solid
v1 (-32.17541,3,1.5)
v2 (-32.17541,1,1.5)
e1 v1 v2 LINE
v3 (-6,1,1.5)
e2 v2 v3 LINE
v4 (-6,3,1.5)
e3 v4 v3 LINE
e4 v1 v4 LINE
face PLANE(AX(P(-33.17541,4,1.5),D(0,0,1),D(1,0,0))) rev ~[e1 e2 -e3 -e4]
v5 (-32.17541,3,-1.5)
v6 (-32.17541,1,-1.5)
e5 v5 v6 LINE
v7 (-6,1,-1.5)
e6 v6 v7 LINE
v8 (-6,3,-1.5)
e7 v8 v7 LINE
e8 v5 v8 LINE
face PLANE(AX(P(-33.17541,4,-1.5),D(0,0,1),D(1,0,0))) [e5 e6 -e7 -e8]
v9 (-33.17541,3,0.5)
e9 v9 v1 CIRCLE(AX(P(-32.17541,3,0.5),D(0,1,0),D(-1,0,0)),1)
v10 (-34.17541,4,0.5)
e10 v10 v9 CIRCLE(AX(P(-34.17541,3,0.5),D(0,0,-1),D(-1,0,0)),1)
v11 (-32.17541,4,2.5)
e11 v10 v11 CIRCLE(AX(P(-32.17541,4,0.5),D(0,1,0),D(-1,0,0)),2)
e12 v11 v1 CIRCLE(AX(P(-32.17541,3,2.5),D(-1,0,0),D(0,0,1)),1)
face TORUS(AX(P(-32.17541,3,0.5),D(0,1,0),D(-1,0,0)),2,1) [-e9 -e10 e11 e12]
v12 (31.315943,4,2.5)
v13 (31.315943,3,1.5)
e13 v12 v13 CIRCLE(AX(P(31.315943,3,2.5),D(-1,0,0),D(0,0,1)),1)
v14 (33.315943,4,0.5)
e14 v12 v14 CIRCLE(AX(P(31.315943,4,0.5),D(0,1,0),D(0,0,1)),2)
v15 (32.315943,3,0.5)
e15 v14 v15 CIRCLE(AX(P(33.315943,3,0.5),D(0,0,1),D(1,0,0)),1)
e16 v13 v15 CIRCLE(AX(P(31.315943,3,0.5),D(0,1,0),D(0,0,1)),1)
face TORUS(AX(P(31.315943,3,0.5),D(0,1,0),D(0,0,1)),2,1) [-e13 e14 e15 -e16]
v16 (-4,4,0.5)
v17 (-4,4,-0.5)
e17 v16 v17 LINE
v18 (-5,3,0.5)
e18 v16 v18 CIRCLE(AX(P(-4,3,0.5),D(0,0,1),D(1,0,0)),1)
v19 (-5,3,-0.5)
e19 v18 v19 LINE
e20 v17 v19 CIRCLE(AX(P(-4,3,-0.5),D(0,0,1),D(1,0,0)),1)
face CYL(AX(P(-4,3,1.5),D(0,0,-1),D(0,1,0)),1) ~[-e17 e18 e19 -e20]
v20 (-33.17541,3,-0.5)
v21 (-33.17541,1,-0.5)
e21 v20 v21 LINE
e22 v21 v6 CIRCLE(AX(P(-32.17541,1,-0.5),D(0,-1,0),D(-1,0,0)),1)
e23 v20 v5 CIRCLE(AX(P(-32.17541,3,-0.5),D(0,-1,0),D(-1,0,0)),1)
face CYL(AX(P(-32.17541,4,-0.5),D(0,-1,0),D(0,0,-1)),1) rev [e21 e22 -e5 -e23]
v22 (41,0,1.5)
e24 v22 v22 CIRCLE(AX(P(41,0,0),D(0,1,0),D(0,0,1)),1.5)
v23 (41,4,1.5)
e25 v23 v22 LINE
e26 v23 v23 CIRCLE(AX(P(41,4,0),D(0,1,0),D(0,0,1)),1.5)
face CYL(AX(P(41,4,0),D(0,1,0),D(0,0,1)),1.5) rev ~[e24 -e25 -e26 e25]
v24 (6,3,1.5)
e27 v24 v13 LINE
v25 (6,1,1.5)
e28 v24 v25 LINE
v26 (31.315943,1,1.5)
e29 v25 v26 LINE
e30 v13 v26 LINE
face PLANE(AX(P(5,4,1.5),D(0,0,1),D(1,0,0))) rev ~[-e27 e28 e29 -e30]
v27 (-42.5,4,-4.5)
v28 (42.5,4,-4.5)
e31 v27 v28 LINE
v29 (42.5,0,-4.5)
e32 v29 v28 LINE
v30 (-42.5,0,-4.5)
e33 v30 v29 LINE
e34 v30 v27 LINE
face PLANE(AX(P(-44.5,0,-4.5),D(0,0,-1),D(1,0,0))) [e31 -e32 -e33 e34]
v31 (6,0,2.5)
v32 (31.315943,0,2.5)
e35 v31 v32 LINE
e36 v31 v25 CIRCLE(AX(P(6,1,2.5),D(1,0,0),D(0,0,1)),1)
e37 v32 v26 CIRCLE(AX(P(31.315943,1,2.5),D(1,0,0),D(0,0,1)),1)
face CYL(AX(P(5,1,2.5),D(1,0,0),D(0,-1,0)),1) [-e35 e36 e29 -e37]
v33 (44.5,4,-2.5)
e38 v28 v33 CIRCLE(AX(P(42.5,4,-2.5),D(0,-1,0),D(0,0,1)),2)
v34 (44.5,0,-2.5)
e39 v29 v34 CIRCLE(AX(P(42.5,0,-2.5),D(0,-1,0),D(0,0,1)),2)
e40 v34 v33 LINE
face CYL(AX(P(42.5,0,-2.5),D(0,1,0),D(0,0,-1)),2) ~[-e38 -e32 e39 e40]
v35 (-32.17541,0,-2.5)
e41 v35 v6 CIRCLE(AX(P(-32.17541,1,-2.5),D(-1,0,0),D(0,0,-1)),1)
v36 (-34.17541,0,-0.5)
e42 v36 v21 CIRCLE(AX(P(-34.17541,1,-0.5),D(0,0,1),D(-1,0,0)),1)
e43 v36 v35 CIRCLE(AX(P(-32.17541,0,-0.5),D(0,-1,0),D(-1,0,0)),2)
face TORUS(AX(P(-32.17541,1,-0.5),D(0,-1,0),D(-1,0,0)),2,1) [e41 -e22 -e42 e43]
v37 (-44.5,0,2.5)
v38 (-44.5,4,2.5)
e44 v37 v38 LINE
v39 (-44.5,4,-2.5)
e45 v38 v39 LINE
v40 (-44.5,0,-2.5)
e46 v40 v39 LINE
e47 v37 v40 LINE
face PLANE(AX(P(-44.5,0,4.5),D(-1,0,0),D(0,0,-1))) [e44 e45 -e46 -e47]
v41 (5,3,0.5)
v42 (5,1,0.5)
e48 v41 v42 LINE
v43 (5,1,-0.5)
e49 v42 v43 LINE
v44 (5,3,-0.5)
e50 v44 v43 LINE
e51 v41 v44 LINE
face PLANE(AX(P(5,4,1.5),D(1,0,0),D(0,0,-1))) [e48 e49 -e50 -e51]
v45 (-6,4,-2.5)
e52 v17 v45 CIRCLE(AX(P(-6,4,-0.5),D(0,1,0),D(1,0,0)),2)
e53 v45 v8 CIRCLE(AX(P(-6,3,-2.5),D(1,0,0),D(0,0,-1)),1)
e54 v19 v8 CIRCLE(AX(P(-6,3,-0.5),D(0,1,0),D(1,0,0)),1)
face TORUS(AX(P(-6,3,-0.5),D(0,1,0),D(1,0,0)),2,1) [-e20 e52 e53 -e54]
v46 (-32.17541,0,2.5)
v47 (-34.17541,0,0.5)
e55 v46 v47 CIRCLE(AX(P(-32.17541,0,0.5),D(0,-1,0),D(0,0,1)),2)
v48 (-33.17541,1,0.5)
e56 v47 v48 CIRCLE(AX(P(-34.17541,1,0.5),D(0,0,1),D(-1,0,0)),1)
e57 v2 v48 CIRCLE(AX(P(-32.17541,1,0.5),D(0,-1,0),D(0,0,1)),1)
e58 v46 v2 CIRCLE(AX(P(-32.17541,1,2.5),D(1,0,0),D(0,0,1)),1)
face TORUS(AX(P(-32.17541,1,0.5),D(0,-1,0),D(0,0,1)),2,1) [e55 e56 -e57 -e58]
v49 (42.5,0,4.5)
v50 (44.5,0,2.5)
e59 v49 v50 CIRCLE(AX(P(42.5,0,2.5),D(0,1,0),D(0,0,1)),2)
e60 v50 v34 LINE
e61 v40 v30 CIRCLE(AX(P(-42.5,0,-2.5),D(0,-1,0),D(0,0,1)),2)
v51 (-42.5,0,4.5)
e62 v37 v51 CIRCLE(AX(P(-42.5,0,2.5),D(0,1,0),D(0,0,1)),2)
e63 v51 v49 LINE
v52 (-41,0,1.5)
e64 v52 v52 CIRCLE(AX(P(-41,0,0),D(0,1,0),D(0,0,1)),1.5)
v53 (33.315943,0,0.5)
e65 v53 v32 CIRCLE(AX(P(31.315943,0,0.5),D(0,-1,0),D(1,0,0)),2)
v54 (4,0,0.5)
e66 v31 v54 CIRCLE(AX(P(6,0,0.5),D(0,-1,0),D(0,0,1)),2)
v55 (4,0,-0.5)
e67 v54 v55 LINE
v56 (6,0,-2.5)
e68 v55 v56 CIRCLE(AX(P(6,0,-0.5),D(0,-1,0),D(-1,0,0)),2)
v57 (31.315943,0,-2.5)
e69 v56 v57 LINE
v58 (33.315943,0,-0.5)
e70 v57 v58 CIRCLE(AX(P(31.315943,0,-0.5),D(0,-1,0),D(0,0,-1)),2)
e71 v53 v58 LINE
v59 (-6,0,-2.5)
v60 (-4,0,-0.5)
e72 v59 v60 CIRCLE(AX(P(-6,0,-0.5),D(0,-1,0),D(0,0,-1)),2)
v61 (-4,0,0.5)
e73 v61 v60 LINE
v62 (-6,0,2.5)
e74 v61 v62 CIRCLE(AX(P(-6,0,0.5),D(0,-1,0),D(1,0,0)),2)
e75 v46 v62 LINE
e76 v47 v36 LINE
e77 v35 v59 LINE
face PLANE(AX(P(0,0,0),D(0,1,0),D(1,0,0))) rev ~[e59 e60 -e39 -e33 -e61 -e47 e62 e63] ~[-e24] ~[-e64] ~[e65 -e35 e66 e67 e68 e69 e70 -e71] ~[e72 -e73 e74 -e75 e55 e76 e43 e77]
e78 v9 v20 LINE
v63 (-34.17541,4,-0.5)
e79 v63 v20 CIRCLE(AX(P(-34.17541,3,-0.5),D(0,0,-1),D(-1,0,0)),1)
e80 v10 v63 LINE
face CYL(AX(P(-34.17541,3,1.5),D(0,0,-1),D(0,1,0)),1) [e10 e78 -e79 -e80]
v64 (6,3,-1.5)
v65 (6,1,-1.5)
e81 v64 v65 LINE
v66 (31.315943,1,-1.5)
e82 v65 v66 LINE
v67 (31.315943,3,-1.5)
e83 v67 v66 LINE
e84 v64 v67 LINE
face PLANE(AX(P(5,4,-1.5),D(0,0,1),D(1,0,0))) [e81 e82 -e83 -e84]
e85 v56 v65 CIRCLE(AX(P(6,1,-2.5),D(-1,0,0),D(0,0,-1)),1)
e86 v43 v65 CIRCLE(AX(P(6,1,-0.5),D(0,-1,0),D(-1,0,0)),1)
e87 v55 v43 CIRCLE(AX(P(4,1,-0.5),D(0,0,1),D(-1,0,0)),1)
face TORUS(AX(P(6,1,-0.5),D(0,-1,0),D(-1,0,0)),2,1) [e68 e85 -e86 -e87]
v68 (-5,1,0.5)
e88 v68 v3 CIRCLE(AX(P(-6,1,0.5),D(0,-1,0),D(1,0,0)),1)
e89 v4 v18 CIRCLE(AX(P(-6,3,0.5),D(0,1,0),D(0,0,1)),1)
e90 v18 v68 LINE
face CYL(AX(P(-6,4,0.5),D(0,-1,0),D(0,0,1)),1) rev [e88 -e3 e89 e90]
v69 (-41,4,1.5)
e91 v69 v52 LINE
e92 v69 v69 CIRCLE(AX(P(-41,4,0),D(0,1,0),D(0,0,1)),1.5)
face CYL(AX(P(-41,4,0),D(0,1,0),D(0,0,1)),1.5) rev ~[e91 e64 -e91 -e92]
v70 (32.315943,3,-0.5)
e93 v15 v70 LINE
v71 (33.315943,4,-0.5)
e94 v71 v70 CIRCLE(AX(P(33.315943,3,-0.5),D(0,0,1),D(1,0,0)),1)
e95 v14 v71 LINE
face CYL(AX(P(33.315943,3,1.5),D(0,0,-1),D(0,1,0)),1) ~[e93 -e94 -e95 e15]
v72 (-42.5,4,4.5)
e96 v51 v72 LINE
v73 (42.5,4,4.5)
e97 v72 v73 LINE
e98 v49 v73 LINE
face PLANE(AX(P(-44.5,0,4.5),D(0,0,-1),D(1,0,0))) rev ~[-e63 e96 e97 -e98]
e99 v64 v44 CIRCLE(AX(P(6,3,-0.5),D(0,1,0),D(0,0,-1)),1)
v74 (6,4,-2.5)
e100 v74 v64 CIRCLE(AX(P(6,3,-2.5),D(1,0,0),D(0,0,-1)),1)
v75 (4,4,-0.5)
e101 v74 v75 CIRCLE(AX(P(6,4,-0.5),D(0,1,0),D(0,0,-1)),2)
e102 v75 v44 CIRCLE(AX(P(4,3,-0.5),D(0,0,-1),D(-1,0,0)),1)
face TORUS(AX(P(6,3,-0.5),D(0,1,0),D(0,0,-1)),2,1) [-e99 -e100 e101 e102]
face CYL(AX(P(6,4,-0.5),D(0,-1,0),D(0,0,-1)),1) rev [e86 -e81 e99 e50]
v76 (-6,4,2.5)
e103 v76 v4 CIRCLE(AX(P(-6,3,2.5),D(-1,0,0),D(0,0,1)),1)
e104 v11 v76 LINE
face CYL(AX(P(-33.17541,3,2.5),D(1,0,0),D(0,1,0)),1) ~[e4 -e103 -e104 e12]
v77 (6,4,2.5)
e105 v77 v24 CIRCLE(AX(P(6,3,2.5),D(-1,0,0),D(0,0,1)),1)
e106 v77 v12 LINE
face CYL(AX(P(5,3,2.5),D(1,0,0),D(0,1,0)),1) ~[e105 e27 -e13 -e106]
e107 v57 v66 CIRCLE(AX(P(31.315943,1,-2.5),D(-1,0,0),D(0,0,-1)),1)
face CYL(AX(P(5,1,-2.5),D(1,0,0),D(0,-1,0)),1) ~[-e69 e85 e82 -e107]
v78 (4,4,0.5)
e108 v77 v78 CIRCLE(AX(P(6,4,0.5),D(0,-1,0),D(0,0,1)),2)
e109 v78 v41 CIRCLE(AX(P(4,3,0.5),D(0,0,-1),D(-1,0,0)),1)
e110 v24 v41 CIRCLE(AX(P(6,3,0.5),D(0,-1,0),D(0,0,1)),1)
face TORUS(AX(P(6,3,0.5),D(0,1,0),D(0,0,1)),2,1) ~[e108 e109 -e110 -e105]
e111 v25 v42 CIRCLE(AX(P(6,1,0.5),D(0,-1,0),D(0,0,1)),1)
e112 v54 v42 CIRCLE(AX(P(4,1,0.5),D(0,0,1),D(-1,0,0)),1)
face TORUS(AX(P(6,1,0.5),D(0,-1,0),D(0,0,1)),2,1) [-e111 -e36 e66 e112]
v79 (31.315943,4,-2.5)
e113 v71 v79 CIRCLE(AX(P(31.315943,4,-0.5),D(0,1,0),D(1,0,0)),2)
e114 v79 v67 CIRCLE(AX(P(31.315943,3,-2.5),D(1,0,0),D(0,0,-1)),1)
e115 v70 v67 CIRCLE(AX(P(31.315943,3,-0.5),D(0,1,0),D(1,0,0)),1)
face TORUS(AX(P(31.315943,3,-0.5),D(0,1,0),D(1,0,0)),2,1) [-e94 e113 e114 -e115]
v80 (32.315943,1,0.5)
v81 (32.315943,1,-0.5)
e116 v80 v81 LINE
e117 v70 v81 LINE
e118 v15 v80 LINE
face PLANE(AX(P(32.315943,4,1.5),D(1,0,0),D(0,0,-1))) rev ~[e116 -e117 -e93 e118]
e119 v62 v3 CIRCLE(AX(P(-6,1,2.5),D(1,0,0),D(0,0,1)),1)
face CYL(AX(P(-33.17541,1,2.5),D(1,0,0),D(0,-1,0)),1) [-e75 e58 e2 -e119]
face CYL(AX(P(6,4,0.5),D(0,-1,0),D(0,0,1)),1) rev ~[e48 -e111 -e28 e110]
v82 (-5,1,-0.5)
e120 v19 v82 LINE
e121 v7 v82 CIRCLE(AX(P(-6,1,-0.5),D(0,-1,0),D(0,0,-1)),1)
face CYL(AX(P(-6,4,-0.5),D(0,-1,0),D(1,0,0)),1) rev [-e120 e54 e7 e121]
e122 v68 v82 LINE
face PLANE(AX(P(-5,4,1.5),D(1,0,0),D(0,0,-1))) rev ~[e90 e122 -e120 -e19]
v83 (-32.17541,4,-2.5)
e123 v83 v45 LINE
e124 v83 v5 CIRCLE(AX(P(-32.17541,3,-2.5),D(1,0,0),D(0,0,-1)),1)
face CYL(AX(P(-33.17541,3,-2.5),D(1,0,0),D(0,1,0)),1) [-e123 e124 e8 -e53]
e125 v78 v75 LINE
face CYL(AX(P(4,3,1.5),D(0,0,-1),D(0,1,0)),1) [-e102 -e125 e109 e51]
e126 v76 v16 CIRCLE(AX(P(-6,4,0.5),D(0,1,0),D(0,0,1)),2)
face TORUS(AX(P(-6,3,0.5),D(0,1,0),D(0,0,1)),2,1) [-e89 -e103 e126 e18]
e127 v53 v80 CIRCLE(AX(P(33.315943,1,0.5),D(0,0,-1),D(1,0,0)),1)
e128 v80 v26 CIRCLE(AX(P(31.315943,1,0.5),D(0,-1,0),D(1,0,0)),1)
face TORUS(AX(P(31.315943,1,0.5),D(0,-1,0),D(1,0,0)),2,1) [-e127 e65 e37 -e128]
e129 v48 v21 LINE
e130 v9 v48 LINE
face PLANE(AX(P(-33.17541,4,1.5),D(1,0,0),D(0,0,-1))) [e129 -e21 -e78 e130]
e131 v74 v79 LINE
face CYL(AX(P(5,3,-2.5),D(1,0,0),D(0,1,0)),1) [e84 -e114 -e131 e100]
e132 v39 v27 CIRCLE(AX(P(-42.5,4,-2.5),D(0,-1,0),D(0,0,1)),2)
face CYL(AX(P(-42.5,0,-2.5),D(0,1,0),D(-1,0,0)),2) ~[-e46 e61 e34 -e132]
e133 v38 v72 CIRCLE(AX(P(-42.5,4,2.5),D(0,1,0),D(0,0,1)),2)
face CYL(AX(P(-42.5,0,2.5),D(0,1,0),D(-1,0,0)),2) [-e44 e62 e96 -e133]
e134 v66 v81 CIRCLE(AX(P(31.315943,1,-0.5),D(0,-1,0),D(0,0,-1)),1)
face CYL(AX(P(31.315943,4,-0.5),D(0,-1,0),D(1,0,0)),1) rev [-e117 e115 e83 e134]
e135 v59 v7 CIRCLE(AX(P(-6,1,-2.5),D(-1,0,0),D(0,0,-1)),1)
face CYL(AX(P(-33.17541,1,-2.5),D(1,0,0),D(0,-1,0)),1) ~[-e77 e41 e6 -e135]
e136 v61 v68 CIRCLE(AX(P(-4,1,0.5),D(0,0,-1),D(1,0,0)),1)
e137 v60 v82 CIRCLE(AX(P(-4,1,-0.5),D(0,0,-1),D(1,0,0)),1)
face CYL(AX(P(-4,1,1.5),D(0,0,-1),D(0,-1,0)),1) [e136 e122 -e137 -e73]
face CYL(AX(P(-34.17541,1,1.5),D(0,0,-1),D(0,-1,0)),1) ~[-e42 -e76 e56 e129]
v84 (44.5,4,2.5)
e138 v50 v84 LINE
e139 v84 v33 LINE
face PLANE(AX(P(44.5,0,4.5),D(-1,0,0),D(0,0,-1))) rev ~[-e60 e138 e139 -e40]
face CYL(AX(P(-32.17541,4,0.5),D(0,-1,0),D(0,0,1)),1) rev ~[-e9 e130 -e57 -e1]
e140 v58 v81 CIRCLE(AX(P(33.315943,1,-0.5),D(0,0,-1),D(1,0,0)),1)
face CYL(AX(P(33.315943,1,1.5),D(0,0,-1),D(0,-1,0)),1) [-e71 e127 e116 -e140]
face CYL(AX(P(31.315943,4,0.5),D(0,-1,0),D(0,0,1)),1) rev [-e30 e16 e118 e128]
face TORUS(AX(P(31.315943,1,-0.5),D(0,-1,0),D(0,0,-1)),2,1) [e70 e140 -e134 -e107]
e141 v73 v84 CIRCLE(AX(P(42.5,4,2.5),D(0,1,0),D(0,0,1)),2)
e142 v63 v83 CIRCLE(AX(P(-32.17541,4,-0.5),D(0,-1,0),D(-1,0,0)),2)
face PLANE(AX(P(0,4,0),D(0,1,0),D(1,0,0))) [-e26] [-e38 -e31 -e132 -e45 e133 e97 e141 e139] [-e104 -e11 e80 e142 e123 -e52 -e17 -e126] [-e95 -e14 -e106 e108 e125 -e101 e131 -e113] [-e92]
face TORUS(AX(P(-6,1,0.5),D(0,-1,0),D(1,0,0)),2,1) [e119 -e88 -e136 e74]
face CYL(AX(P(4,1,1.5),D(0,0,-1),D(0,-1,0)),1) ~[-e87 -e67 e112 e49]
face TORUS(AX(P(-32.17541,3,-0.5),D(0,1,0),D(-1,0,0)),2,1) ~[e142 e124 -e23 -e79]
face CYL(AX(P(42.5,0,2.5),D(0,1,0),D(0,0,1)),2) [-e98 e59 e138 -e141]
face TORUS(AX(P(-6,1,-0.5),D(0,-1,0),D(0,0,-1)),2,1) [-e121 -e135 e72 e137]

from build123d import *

# Parameters (mm, degrees)
SKETCH1_W           = 89
SKETCH1_H           = 9
BOSS_EXTRUDE1_DEPTH = 4
SKETCH2_R           = 1.5
CUT_EXTRUDE1_DEPTH  = 4
FILLET1_R           = 2
SKETCH4_W           = 28.175409777
SKETCH4_H           = 3
SKETCH4_W_2         = 27.315943202
CUT_EXTRUDE2_DEPTH  = 45.905456239
FILLET3_R           = 1


with BuildPart() as part:
    # Sketch1 → Boss-Extrude1 (new body)
    with BuildSketch(Plane(origin=(0, 0, 0), x_dir=(1, 0, 0), z_dir=(0, 1, 0))):
        Rectangle(SKETCH1_W, SKETCH1_H)
    extrude(amount=BOSS_EXTRUDE1_DEPTH)

    # Sketch2 → Cut-Extrude1 (cut)
    with BuildSketch(Plane(origin=(0, 4, 0), x_dir=(1, 0, 0), z_dir=(0, 1, 0))):
        with Locations(Location((-41, 0, 0), (0, 0, 270))):
            Circle(SKETCH2_R)
        with Locations(Location((41, 0, 0), (0, 0, 270))):
            Circle(SKETCH2_R)
    extrude(amount=-CUT_EXTRUDE1_DEPTH, mode=Mode.SUBTRACT)

    # Fillet1
    fillet1_edges = [part.edges().sort_by_distance(p)[0] for p in [
        (-44.5, 2, -4.5),
        (44.5, 2, -4.5),
        (44.5, 2, 4.5),
        (-44.5, 2, 4.5),
    ]]
    fillet(fillet1_edges, radius=FILLET1_R)

    # Sketch4 → Cut-Extrude2 (cut, through all)
    with BuildSketch(Plane(origin=(0, 4, 0), x_dir=(1, 0, 0), z_dir=(0, 1, 0))):
        with Locations((-19.087704888, 0)):
            Rectangle(SKETCH4_W, SKETCH4_H)
        with Locations((18.657971601, 0)):
            Rectangle(SKETCH4_W_2, SKETCH4_H)
    extrude(amount=-CUT_EXTRUDE2_DEPTH, mode=Mode.SUBTRACT)

    # Fillet3
    fillet3_edges = [part.edges().sort_by_distance(p)[0] for p in [
        (-33.175409777, 0, 0),
        (-33.175409777, 2, 1.5),
        (-19.087704888, 0, -1.5),
        (-33.175409777, 2, -1.5),
        (-5, 0, 0),
        (-5, 2, -1.5),
        (-19.087704888, 0, 1.5),
        (-5, 2, 1.5),
        (-33.175409777, 4, 0),
        (-19.087704888, 4, 1.5),
        (-5, 4, 0),
        (-19.087704888, 4, -1.5),
        (18.657971601, 0, 1.5),
        (32.315943202, 2, 1.5),
        (5, 0, 0),
        (5, 2, 1.5),
        (18.657971601, 0, -1.5),
        (5, 2, -1.5),
        (32.315943202, 0, 0),
        (32.315943202, 2, -1.5),
        (18.657971601, 4, 1.5),
        (32.315943202, 4, 0),
        (18.657971601, 4, -1.5),
        (5, 4, 0),
    ]]
    fillet(fillet3_edges, radius=FILLET3_R)


solid = part.part
